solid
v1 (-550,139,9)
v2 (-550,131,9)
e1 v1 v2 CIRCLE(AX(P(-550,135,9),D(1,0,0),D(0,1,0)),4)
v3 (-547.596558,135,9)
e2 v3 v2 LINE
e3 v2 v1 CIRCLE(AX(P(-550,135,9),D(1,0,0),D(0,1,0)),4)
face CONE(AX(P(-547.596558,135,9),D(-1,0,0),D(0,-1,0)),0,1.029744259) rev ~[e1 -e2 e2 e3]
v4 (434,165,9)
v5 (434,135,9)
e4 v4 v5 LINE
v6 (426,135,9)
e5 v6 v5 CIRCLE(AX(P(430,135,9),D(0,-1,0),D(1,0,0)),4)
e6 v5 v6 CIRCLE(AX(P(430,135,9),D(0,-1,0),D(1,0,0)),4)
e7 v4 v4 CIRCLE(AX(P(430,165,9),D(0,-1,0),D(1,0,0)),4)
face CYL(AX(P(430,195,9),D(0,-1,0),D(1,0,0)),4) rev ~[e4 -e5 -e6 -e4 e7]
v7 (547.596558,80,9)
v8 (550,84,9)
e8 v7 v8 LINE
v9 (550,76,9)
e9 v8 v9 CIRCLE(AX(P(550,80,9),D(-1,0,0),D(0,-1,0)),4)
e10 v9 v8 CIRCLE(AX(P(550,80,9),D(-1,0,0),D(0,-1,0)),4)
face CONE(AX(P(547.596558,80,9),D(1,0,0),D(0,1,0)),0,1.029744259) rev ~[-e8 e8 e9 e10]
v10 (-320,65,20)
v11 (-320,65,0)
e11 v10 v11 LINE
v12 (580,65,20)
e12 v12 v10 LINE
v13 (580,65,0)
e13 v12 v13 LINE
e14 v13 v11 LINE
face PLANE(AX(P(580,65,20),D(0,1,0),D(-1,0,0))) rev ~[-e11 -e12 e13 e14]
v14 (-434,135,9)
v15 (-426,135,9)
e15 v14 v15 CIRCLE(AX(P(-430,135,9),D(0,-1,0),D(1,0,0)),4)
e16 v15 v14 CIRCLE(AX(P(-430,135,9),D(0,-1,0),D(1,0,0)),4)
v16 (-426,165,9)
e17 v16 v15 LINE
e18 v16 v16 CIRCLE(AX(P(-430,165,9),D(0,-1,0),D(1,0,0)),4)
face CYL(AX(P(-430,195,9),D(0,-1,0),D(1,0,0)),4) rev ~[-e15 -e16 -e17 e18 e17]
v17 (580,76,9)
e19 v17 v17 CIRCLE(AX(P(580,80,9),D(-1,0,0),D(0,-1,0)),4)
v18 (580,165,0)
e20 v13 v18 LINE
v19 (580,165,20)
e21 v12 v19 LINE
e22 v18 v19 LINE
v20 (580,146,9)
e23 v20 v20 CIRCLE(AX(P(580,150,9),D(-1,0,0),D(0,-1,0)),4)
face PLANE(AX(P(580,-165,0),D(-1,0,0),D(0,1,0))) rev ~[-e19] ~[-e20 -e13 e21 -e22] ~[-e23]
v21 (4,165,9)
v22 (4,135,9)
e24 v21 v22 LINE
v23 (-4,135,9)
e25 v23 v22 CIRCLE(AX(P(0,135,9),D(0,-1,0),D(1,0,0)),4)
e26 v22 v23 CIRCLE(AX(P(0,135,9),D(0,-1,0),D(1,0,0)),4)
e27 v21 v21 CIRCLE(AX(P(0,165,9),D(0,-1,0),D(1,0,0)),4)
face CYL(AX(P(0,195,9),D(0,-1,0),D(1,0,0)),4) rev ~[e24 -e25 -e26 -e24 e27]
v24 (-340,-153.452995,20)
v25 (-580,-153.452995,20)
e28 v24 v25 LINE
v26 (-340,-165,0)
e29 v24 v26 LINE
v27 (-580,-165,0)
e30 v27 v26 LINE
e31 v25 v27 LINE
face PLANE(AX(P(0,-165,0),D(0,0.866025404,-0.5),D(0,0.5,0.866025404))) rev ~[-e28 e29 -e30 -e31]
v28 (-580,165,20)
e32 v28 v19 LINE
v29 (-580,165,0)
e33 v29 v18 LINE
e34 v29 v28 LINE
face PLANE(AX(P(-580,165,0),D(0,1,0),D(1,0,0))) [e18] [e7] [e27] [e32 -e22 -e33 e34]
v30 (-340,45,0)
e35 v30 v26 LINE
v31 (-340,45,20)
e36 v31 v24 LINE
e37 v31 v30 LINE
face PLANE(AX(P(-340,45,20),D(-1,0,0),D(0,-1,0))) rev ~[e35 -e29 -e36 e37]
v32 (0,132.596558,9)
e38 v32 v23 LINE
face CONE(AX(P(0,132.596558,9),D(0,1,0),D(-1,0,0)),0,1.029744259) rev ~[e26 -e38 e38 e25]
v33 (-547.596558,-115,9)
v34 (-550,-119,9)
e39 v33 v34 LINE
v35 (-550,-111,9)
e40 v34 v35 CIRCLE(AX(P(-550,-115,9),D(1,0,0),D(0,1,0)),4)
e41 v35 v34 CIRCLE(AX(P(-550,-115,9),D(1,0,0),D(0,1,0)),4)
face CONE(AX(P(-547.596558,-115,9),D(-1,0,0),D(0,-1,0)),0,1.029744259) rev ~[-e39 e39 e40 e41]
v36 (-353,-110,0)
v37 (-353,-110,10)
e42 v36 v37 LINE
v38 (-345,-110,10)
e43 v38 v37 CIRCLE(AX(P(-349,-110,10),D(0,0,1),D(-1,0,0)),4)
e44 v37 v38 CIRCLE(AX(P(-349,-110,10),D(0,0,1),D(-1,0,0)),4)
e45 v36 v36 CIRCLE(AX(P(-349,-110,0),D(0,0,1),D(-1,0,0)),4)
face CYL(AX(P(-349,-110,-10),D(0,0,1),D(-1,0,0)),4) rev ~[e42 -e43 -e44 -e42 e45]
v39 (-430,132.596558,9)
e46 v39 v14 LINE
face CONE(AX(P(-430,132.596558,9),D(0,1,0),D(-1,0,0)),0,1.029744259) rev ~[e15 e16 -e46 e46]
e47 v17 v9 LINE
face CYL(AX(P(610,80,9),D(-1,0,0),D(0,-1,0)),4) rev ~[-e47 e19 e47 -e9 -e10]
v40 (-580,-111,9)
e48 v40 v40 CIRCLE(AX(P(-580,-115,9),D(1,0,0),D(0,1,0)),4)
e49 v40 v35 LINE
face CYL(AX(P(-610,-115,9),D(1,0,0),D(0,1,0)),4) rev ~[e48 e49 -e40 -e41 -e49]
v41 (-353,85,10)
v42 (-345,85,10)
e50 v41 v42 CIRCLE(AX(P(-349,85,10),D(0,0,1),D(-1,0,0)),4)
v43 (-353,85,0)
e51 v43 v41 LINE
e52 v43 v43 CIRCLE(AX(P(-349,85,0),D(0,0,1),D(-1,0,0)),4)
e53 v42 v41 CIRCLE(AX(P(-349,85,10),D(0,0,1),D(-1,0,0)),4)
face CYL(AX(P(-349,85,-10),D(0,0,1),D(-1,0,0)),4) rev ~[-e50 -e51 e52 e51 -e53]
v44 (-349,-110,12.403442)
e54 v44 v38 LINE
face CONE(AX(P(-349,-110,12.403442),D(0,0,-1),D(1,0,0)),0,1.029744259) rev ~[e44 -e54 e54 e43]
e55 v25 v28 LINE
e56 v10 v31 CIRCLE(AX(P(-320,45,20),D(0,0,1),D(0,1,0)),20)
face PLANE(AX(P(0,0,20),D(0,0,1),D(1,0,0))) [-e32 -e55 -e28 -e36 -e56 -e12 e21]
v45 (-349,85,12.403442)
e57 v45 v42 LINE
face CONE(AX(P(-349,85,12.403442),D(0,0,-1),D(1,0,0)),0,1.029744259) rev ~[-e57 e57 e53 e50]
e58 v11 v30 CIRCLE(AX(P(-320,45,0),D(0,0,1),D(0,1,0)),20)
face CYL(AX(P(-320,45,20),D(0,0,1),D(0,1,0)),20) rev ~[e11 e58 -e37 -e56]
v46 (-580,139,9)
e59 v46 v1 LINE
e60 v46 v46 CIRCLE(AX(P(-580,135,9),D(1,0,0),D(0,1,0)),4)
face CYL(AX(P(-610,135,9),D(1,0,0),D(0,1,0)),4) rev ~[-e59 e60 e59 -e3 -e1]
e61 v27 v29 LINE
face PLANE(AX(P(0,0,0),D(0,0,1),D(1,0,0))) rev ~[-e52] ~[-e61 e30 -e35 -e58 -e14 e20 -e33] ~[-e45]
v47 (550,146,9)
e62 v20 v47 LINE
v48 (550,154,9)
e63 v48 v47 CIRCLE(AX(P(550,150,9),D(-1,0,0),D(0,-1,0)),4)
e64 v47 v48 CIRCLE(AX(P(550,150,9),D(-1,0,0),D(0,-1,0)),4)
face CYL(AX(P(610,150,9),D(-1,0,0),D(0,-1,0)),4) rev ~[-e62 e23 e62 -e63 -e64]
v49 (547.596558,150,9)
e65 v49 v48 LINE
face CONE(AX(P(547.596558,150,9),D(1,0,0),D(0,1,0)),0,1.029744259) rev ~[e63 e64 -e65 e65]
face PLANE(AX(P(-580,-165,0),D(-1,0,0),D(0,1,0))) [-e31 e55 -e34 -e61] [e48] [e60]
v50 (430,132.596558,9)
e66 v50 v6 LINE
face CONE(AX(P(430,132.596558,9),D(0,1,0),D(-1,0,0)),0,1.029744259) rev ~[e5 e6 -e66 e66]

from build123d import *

# Parameters (mm, degrees)
F0_W            = 1160
F0_H            = 330
F1_DEPTH        = 20
F3_DEPTH        = 20.001
F5_DEPTH        = 580.001
F10_D           = 8
F10_DEPTH       = 30
F10_TIP         = 2.4034424761
F10_ON_F7_D     = 8
F10_ON_F7_DEPTH = 30
F10_ON_F7_TIP   = 2.4034424761
F10_ON_F8_D     = 8
F10_ON_F8_DEPTH = 30
F10_ON_F8_TIP   = 2.4034424761
F11_D           = 8
F11_DEPTH       = 10
F11_TIP         = 2.4034424761


with BuildPart() as f1:
    # F0 (on Top) → F1 (new body)
    with BuildSketch(Plane.XY):
        Rectangle(F0_W, F0_H)
    extrude(amount=F1_DEPTH)

    # F2 (on face) → F3 (cut, through all)
    with BuildSketch(Plane.XY.offset(20)):
        with BuildLine():
            Line((-340, 45), (-340, -165))
            Line((-340, -165), (580, -165))
            Line((580, -165), (580, 65))
            Line((580, 65), (-320, 65))
            ThreePointArc((-320, 65), (-334.1421356237, 59.1421356237), (-340, 45))
        make_face()
    extrude(amount=-F3_DEPTH, mode=Mode.SUBTRACT)

    # F4 (on Right) → F5 (cut, through all)
    with BuildSketch(Plane.YZ):
        Polygon((-165, 20), (-165, 0), (-153.4529946162, 20), align=None)
    extrude(amount=-F5_DEPTH, mode=Mode.SUBTRACT)

    # F10
    with Locations(Plane(origin=(-580, 0, 0), x_dir=(0, -1, 0), z_dir=(-1, 0, 0))):
        with Locations((-135, 9), (115, 9)):
            Hole(F10_D / 2, depth=F10_DEPTH)
            with Locations((0, 0, -(F10_DEPTH + F10_TIP / 2))):  # 118° drill point
                Cone(0, F10_D / 2, F10_TIP, mode=Mode.SUBTRACT)

    # F10 on F7
    with Locations(Plane(origin=(0, 165, 0), x_dir=(-1, 0, 0), z_dir=(0, 1, 0))):
        with Locations((-430, 9), (0, 9), (430, 9)):
            Hole(F10_ON_F7_D / 2, depth=F10_ON_F7_DEPTH)
            with Locations((0, 0, -(F10_ON_F7_DEPTH + F10_ON_F7_TIP / 2))):  # 118° drill point
                Cone(0, F10_ON_F7_D / 2, F10_ON_F7_TIP, mode=Mode.SUBTRACT)

    # F10 on F8
    with Locations(Plane.YZ.offset(580)):
        with Locations((80, 9), (150, 9)):
            Hole(F10_ON_F8_D / 2, depth=F10_ON_F8_DEPTH)
            with Locations((0, 0, -(F10_ON_F8_DEPTH + F10_ON_F8_TIP / 2))):  # 118° drill point
                Cone(0, F10_ON_F8_D / 2, F10_ON_F8_TIP, mode=Mode.SUBTRACT)

    # F11
    with Locations(Plane(origin=(0, 0, 0), x_dir=(1, 0, 0), z_dir=(0, 0, -1))):
        with Locations((-349, -85), (-349, 110)):
            Hole(F11_D / 2, depth=F11_DEPTH)
            with Locations((0, 0, -(F11_DEPTH + F11_TIP / 2))):  # 118° drill point
                Cone(0, F11_D / 2, F11_TIP, mode=Mode.SUBTRACT)


solid = f1.part
